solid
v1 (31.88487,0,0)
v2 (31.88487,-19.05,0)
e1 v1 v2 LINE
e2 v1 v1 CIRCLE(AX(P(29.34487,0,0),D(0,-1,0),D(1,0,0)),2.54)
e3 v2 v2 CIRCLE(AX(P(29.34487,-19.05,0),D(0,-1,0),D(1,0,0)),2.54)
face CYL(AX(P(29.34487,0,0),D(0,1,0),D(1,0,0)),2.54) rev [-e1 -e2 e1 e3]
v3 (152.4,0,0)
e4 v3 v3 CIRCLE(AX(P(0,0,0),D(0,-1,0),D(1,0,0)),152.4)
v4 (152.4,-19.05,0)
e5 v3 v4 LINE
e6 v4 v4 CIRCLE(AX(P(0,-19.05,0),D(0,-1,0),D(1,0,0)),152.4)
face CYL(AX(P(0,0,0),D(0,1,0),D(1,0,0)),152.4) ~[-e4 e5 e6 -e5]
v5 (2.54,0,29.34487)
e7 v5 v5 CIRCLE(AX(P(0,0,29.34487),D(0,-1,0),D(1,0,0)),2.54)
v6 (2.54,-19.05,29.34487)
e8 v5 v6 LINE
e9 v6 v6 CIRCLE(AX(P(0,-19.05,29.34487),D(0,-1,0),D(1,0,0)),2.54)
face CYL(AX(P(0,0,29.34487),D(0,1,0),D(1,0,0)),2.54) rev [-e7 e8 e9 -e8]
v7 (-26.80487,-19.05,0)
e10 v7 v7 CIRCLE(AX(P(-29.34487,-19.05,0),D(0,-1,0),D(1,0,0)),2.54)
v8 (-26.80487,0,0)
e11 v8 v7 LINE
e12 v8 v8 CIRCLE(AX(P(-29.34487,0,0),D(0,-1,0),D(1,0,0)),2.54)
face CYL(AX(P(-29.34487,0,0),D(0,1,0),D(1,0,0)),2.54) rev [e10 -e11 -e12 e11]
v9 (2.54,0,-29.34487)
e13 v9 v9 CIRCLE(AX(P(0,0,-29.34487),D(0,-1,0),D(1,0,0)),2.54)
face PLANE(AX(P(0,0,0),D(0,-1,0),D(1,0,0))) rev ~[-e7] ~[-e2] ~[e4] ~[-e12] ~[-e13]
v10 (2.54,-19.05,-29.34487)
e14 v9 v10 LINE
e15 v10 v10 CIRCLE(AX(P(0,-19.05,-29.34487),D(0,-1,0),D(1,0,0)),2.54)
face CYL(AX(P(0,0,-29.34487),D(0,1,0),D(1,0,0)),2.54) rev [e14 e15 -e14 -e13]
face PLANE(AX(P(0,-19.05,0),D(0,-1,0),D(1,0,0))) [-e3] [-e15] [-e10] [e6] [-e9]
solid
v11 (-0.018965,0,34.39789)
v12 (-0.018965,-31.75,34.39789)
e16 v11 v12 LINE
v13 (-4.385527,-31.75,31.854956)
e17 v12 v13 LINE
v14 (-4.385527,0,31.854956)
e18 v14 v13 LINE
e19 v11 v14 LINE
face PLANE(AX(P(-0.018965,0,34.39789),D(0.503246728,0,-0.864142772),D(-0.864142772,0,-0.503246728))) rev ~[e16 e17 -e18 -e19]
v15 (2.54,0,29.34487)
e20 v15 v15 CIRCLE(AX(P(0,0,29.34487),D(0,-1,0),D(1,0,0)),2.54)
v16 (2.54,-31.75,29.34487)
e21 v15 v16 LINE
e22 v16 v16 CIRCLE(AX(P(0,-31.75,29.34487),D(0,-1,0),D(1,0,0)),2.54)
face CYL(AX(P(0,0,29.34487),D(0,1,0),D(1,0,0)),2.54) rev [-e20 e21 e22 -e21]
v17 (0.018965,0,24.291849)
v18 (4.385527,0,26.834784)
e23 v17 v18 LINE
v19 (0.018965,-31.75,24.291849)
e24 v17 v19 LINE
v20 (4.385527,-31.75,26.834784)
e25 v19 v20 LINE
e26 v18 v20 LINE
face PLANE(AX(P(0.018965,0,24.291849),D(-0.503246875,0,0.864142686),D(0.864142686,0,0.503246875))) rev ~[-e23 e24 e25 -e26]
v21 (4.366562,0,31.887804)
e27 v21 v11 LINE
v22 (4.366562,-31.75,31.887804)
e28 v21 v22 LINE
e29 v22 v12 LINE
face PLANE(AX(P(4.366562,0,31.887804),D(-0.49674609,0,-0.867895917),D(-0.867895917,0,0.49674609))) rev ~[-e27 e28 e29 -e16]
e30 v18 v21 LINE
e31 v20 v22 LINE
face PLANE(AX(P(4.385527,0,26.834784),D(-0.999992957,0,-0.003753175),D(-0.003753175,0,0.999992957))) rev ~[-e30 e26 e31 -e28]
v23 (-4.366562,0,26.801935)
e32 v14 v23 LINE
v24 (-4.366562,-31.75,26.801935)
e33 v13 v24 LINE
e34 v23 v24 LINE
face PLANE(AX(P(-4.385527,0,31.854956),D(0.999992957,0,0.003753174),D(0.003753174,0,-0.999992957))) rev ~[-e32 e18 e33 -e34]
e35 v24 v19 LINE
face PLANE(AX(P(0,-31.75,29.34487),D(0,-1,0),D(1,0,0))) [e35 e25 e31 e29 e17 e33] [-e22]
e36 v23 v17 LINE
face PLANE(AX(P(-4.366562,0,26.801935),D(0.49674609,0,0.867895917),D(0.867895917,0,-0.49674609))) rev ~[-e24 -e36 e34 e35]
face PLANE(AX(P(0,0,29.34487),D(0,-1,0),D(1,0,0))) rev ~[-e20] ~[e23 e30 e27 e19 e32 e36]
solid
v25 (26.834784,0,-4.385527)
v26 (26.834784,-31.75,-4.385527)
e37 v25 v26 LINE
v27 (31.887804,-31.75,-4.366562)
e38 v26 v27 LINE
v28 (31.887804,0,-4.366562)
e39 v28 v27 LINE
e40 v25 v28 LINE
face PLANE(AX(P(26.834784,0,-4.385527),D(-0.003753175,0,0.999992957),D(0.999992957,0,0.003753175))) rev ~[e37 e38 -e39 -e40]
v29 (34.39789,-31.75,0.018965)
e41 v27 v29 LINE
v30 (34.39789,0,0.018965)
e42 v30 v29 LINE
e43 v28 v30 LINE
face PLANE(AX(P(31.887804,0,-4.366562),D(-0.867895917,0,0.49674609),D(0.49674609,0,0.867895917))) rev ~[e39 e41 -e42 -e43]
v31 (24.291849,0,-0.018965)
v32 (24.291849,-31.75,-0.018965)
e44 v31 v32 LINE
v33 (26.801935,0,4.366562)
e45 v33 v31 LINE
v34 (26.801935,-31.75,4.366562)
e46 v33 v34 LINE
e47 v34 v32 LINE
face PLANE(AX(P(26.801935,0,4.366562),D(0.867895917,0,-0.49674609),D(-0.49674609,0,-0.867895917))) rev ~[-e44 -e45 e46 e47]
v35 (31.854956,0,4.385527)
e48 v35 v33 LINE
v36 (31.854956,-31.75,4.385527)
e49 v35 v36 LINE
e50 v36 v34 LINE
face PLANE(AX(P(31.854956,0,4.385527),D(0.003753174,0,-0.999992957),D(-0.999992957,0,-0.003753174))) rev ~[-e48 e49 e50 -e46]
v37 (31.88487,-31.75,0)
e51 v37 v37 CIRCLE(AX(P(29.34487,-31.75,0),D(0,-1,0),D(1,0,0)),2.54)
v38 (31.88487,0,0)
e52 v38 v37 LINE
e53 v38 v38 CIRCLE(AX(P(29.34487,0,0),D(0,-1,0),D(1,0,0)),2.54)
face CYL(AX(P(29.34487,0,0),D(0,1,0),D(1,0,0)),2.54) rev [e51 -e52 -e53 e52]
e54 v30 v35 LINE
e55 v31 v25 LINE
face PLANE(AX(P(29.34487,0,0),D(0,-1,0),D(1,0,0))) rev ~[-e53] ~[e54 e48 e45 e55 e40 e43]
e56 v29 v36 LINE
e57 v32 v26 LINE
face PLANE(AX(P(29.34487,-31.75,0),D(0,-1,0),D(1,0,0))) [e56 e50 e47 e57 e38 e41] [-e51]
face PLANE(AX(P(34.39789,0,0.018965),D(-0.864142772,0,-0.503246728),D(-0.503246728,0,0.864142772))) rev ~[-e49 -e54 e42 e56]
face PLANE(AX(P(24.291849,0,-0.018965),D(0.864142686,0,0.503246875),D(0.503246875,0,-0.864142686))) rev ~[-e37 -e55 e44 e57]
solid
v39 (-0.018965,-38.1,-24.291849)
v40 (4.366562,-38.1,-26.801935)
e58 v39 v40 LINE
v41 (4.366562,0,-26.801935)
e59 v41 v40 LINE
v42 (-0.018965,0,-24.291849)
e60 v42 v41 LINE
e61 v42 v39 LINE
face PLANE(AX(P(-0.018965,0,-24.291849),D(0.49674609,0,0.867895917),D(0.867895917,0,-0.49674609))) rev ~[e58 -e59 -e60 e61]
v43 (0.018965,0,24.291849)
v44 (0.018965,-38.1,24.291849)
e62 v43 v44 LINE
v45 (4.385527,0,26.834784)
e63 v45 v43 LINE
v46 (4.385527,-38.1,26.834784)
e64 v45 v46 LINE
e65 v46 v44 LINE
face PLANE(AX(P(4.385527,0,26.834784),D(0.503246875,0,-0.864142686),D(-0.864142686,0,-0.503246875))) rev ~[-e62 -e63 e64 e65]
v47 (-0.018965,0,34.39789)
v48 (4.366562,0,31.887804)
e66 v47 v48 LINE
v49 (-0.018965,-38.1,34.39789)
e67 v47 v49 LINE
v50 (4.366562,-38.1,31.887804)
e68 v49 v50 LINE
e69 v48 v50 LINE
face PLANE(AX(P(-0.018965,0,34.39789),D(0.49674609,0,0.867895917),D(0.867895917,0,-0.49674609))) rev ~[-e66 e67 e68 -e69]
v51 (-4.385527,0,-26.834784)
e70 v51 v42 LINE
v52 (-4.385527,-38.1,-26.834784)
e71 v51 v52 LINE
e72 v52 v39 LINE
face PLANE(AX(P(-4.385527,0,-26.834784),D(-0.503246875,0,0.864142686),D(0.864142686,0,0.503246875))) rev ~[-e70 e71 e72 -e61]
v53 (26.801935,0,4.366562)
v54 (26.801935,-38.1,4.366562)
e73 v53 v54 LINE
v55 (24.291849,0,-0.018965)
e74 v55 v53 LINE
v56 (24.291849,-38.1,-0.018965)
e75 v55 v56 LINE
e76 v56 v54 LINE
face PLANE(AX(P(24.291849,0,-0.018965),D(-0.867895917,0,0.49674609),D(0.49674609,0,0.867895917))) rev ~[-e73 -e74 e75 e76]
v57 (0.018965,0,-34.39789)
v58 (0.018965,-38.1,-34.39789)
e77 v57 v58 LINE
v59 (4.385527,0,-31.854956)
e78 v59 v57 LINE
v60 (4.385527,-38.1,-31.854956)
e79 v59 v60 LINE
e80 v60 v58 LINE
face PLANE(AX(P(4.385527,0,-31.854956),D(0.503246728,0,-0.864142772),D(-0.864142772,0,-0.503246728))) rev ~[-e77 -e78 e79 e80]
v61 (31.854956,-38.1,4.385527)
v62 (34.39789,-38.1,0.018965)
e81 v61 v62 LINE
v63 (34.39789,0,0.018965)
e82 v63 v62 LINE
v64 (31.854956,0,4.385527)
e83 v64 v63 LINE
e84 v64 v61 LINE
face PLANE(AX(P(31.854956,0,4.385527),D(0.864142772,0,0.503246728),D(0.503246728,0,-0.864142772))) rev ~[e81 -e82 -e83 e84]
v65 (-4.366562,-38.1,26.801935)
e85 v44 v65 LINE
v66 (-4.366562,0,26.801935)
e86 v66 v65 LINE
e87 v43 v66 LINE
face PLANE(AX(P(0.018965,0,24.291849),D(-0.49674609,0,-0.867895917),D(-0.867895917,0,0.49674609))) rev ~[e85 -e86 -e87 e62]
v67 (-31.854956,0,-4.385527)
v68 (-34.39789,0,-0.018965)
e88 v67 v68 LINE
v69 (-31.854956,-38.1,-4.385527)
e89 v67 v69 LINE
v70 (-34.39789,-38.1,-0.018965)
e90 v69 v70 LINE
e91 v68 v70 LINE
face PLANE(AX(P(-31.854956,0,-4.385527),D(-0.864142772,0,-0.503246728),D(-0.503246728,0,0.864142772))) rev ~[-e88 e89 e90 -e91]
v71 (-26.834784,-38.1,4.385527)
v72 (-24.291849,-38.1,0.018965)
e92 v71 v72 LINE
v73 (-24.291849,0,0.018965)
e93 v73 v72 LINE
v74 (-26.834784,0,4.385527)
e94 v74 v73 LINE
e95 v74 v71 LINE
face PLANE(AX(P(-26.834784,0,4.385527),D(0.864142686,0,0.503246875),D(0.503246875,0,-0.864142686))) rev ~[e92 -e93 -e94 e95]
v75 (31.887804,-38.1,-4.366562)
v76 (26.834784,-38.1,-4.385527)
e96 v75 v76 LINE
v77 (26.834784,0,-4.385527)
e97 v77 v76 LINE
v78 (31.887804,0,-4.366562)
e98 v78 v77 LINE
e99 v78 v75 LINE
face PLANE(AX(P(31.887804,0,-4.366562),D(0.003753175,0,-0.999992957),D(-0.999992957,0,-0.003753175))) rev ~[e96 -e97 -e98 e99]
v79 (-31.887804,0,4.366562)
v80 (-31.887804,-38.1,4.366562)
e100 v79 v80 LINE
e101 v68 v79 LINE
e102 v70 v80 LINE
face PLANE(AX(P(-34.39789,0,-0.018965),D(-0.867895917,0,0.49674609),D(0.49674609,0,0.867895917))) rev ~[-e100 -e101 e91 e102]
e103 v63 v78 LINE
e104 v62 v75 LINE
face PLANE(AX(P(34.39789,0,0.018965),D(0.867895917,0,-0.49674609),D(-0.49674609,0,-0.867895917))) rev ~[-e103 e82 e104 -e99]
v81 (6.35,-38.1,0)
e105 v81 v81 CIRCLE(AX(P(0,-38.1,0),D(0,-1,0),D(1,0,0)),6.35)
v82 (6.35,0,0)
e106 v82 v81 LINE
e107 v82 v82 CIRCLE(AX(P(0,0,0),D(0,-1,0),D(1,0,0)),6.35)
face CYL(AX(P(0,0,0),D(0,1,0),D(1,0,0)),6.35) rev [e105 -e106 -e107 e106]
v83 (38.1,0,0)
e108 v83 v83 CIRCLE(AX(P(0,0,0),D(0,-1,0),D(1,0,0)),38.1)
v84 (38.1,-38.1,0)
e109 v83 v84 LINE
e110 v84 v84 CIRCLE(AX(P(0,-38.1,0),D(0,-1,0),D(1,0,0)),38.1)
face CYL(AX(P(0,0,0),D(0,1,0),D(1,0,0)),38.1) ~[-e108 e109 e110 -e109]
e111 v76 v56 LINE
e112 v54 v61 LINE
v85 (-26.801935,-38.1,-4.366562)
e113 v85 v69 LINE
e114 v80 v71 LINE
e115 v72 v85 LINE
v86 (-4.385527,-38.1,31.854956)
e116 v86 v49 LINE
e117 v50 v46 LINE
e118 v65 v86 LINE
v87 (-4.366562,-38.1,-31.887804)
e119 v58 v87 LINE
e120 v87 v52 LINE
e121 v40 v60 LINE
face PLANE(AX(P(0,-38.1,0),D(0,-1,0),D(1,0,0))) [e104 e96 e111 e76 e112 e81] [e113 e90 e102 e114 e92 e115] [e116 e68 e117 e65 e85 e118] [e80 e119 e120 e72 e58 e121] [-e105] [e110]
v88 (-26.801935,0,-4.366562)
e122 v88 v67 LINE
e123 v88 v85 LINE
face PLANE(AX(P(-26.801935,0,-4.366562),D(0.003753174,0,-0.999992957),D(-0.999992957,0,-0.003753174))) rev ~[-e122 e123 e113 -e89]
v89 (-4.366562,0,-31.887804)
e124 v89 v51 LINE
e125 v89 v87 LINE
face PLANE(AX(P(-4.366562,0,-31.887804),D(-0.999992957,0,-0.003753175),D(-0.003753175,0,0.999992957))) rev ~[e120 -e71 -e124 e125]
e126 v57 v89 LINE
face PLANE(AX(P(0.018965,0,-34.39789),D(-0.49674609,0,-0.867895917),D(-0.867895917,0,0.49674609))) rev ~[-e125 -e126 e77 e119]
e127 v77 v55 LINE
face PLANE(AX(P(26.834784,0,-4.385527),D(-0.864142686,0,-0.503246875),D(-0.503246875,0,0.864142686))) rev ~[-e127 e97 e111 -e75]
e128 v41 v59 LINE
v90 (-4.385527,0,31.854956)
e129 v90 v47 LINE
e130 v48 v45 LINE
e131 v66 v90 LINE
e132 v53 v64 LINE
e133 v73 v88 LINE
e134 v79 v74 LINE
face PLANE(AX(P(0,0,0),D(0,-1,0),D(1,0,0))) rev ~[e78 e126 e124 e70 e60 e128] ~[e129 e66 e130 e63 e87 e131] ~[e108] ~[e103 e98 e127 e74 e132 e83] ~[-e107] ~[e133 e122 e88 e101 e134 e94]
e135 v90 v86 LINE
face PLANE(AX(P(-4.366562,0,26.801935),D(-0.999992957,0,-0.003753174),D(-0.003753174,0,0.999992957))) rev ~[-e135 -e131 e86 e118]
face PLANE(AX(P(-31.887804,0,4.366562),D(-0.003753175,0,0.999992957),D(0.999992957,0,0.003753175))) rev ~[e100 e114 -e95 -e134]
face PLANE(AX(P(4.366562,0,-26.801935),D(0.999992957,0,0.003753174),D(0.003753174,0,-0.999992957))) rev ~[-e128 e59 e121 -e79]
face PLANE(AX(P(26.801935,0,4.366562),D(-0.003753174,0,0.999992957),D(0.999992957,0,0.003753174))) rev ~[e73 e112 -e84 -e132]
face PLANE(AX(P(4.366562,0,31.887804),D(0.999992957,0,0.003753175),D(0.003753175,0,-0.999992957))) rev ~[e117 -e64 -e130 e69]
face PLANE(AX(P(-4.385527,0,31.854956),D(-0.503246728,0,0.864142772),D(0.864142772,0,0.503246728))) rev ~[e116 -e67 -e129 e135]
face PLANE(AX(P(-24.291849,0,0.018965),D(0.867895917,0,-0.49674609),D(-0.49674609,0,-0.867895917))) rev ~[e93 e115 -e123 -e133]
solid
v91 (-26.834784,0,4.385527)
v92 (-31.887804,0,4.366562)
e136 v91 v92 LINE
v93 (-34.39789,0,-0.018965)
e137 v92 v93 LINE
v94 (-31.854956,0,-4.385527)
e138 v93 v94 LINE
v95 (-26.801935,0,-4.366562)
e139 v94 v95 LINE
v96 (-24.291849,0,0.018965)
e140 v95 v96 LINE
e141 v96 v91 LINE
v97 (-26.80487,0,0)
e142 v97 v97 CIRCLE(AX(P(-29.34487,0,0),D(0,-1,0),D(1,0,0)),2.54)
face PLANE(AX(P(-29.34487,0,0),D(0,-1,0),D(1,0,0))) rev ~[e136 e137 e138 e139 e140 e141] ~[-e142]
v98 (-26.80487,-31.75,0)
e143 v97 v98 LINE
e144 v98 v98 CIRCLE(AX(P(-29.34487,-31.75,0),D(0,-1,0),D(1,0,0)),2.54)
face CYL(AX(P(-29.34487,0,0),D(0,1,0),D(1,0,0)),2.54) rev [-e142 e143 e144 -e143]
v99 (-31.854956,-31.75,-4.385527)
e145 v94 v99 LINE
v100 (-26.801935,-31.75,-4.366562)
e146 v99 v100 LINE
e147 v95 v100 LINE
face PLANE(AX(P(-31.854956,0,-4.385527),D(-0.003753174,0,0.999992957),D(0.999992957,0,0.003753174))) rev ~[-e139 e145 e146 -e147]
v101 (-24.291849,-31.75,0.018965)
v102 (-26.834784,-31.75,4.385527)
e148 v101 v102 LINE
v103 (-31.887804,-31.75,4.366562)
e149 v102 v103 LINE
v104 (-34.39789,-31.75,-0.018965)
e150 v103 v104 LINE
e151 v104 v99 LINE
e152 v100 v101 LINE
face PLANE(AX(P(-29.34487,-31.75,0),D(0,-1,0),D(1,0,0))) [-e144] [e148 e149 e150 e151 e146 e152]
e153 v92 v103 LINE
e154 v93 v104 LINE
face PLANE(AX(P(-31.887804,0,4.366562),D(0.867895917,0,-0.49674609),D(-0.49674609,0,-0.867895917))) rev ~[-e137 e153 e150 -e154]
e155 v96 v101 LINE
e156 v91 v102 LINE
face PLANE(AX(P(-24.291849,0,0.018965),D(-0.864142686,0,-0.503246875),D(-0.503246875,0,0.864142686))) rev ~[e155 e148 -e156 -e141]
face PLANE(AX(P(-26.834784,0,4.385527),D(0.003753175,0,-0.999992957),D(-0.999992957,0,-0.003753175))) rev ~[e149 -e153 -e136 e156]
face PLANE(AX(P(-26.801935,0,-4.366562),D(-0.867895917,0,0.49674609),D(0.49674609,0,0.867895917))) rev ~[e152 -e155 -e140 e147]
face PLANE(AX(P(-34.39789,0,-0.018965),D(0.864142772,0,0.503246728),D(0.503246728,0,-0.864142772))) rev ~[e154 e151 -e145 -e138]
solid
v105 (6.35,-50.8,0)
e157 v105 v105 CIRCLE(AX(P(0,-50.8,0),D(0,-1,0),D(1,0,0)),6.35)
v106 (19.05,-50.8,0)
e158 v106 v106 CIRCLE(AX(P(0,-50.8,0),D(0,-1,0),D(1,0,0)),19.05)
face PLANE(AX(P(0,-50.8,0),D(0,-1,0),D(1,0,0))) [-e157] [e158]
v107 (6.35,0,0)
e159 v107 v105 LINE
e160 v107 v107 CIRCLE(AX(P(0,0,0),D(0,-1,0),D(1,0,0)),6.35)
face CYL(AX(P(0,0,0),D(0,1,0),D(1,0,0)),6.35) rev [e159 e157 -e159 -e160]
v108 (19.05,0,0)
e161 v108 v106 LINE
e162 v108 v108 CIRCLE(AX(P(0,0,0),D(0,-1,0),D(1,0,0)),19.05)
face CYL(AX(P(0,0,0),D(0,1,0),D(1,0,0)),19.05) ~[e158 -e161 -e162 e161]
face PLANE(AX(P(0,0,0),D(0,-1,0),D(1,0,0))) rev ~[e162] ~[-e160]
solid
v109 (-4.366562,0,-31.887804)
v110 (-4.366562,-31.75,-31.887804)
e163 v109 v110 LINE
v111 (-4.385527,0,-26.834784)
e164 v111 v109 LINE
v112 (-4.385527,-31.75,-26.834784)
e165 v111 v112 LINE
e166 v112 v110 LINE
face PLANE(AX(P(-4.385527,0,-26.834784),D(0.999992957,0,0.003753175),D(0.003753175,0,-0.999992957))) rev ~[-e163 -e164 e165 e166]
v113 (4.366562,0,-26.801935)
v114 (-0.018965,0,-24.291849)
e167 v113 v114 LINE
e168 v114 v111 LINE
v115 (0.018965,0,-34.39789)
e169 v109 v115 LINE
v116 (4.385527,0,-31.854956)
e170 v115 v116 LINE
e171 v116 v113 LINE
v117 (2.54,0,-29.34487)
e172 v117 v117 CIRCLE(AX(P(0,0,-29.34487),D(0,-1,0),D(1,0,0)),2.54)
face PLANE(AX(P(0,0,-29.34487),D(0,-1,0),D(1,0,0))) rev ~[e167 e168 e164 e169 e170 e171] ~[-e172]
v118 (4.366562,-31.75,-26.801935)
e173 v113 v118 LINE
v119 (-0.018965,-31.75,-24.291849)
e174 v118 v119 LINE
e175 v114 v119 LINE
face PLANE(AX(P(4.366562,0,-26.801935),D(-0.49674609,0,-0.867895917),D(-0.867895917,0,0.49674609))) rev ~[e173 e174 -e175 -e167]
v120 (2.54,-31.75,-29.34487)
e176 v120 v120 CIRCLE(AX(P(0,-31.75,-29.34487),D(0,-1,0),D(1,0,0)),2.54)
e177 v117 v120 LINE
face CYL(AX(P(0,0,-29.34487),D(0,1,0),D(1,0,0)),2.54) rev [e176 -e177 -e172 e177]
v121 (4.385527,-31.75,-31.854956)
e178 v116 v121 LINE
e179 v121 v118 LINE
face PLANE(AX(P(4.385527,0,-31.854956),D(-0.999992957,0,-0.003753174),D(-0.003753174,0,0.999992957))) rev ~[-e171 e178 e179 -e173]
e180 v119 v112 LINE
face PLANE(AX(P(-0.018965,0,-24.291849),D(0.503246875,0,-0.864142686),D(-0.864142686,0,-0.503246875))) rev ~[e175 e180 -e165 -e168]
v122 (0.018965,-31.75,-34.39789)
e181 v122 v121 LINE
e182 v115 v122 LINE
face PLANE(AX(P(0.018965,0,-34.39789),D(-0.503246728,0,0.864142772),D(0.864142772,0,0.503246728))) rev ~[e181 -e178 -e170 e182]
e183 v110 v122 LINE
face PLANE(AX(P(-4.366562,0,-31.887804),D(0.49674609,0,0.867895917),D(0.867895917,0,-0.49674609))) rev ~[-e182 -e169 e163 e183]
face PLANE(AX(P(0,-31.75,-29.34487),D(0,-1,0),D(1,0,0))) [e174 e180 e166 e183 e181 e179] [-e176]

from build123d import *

# Parameters (mm, degrees)
F0_R     = 152.4
F0_R_2   = 38.1
F0_R_3   = 19.05
F0_R_4   = 2.54
F0_R_5   = 6.35
F1_DEPTH = 19.05
F2_DEPTH = 38.1
F3_DEPTH = 50.8
F4_DEPTH = 31.75


with BuildPart() as f1:
    # F0 (on Front) → F1 (new body)
    with BuildSketch(Plane.XZ):
        Circle(F0_R)
        Circle(F0_R_2, mode=Mode.SUBTRACT)
        Circle(F0_R_2)
        Polygon((4.366562, -26.801935), (4.385527, -31.854956), (0.018965, -34.39789), (-4.366562, -31.887804), (-4.385527, -26.834784), (-0.018965, -24.291849), align=None, mode=Mode.SUBTRACT)
        Polygon((-31.887804, 4.366562), (-26.834784, 4.385527), (-24.291849, 0.018965), (-26.801935, -4.366562), (-31.854956, -4.385527), (-34.39789, -0.018965), align=None, mode=Mode.SUBTRACT)
        Circle(F0_R_3, mode=Mode.SUBTRACT)
        Polygon((26.801935, 4.366562), (31.854956, 4.385527), (34.39789, 0.018965), (31.887804, -4.366562), (26.834784, -4.385527), (24.291849, -0.018965), align=None, mode=Mode.SUBTRACT)
        Polygon((-4.366562, 26.801935), (-4.385527, 31.854956), (-0.018965, 34.39789), (4.366562, 31.887804), (4.385527, 26.834784), (0.018965, 24.291849), align=None, mode=Mode.SUBTRACT)
        Polygon((0.018965, -34.39789), (4.385527, -31.854956), (4.366562, -26.801935), (-0.018965, -24.291849), (-4.385527, -26.834784), (-4.366562, -31.887804), align=None)
        with Locations((0, -29.34487)):
            Circle(F0_R_4, mode=Mode.SUBTRACT)
        Polygon((-24.291849, 0.018965), (-26.834784, 4.385527), (-31.887804, 4.366562), (-34.39789, -0.018965), (-31.854956, -4.385527), (-26.801935, -4.366562), align=None)
        with Locations((-29.34487, 0)):
            Circle(F0_R_4, mode=Mode.SUBTRACT)
        Polygon((-0.018965, 34.39789), (-4.385527, 31.854956), (-4.366562, 26.801935), (0.018965, 24.291849), (4.385527, 26.834784), (4.366562, 31.887804), align=None)
        with Locations((0, 29.34487)):
            Circle(F0_R_4, mode=Mode.SUBTRACT)
        Polygon((34.39789, 0.018965), (31.854956, 4.385527), (26.801935, 4.366562), (24.291849, -0.018965), (26.834784, -4.385527), (31.887804, -4.366562), align=None)
        with Locations((29.34487, 0)):
            Circle(F0_R_4, mode=Mode.SUBTRACT)
        Circle(F0_R_3)
        Circle(F0_R_5, mode=Mode.SUBTRACT)
        Circle(F0_R_5)
    extrude(amount=F1_DEPTH)


with BuildPart() as f2:
    # F0 (on Front) → F2 (new body)
    with BuildSketch(Plane.XZ):
        Circle(F0_R_2)
        Polygon((4.366562, -26.801935), (4.385527, -31.854956), (0.018965, -34.39789), (-4.366562, -31.887804), (-4.385527, -26.834784), (-0.018965, -24.291849), align=None, mode=Mode.SUBTRACT)
        Polygon((-31.887804, 4.366562), (-26.834784, 4.385527), (-24.291849, 0.018965), (-26.801935, -4.366562), (-31.854956, -4.385527), (-34.39789, -0.018965), align=None, mode=Mode.SUBTRACT)
        Circle(F0_R_3, mode=Mode.SUBTRACT)
        Polygon((26.801935, 4.366562), (31.854956, 4.385527), (34.39789, 0.018965), (31.887804, -4.366562), (26.834784, -4.385527), (24.291849, -0.018965), align=None, mode=Mode.SUBTRACT)
        Polygon((-4.366562, 26.801935), (-4.385527, 31.854956), (-0.018965, 34.39789), (4.366562, 31.887804), (4.385527, 26.834784), (0.018965, 24.291849), align=None, mode=Mode.SUBTRACT)
        Circle(F0_R_3)
        Circle(F0_R_5, mode=Mode.SUBTRACT)
    extrude(amount=F2_DEPTH)


with BuildPart() as f3:
    # F0 (on Front) → F3 (new body)
    with BuildSketch(Plane.XZ):
        Circle(F0_R_3)
        Circle(F0_R_5, mode=Mode.SUBTRACT)
    extrude(amount=F3_DEPTH)


with BuildPart() as f4:
    # F0 (on Front) → F4 (new body)
    with BuildSketch(Plane.XZ):
        Polygon((-24.291849, 0.018965), (-26.834784, 4.385527), (-31.887804, 4.366562), (-34.39789, -0.018965), (-31.854956, -4.385527), (-26.801935, -4.366562), align=None)
        with Locations((-29.34487, 0)):
            Circle(F0_R_4, mode=Mode.SUBTRACT)
        Polygon((0.018965, -34.39789), (4.385527, -31.854956), (4.366562, -26.801935), (-0.018965, -24.291849), (-4.385527, -26.834784), (-4.366562, -31.887804), align=None)
        with Locations((0, -29.34487)):
            Circle(F0_R_4, mode=Mode.SUBTRACT)
        Polygon((34.39789, 0.018965), (31.854956, 4.385527), (26.801935, 4.366562), (24.291849, -0.018965), (26.834784, -4.385527), (31.887804, -4.366562), align=None)
        with Locations((29.34487, 0)):
            Circle(F0_R_4, mode=Mode.SUBTRACT)
        Polygon((-0.018965, 34.39789), (-4.385527, 31.854956), (-4.366562, 26.801935), (0.018965, 24.291849), (4.385527, 26.834784), (4.366562, 31.887804), align=None)
        with Locations((0, 29.34487)):
            Circle(F0_R_4, mode=Mode.SUBTRACT)
    extrude(amount=F4_DEPTH)


solid = Compound([f1.part, f2.part, f3.part, f4.part])
